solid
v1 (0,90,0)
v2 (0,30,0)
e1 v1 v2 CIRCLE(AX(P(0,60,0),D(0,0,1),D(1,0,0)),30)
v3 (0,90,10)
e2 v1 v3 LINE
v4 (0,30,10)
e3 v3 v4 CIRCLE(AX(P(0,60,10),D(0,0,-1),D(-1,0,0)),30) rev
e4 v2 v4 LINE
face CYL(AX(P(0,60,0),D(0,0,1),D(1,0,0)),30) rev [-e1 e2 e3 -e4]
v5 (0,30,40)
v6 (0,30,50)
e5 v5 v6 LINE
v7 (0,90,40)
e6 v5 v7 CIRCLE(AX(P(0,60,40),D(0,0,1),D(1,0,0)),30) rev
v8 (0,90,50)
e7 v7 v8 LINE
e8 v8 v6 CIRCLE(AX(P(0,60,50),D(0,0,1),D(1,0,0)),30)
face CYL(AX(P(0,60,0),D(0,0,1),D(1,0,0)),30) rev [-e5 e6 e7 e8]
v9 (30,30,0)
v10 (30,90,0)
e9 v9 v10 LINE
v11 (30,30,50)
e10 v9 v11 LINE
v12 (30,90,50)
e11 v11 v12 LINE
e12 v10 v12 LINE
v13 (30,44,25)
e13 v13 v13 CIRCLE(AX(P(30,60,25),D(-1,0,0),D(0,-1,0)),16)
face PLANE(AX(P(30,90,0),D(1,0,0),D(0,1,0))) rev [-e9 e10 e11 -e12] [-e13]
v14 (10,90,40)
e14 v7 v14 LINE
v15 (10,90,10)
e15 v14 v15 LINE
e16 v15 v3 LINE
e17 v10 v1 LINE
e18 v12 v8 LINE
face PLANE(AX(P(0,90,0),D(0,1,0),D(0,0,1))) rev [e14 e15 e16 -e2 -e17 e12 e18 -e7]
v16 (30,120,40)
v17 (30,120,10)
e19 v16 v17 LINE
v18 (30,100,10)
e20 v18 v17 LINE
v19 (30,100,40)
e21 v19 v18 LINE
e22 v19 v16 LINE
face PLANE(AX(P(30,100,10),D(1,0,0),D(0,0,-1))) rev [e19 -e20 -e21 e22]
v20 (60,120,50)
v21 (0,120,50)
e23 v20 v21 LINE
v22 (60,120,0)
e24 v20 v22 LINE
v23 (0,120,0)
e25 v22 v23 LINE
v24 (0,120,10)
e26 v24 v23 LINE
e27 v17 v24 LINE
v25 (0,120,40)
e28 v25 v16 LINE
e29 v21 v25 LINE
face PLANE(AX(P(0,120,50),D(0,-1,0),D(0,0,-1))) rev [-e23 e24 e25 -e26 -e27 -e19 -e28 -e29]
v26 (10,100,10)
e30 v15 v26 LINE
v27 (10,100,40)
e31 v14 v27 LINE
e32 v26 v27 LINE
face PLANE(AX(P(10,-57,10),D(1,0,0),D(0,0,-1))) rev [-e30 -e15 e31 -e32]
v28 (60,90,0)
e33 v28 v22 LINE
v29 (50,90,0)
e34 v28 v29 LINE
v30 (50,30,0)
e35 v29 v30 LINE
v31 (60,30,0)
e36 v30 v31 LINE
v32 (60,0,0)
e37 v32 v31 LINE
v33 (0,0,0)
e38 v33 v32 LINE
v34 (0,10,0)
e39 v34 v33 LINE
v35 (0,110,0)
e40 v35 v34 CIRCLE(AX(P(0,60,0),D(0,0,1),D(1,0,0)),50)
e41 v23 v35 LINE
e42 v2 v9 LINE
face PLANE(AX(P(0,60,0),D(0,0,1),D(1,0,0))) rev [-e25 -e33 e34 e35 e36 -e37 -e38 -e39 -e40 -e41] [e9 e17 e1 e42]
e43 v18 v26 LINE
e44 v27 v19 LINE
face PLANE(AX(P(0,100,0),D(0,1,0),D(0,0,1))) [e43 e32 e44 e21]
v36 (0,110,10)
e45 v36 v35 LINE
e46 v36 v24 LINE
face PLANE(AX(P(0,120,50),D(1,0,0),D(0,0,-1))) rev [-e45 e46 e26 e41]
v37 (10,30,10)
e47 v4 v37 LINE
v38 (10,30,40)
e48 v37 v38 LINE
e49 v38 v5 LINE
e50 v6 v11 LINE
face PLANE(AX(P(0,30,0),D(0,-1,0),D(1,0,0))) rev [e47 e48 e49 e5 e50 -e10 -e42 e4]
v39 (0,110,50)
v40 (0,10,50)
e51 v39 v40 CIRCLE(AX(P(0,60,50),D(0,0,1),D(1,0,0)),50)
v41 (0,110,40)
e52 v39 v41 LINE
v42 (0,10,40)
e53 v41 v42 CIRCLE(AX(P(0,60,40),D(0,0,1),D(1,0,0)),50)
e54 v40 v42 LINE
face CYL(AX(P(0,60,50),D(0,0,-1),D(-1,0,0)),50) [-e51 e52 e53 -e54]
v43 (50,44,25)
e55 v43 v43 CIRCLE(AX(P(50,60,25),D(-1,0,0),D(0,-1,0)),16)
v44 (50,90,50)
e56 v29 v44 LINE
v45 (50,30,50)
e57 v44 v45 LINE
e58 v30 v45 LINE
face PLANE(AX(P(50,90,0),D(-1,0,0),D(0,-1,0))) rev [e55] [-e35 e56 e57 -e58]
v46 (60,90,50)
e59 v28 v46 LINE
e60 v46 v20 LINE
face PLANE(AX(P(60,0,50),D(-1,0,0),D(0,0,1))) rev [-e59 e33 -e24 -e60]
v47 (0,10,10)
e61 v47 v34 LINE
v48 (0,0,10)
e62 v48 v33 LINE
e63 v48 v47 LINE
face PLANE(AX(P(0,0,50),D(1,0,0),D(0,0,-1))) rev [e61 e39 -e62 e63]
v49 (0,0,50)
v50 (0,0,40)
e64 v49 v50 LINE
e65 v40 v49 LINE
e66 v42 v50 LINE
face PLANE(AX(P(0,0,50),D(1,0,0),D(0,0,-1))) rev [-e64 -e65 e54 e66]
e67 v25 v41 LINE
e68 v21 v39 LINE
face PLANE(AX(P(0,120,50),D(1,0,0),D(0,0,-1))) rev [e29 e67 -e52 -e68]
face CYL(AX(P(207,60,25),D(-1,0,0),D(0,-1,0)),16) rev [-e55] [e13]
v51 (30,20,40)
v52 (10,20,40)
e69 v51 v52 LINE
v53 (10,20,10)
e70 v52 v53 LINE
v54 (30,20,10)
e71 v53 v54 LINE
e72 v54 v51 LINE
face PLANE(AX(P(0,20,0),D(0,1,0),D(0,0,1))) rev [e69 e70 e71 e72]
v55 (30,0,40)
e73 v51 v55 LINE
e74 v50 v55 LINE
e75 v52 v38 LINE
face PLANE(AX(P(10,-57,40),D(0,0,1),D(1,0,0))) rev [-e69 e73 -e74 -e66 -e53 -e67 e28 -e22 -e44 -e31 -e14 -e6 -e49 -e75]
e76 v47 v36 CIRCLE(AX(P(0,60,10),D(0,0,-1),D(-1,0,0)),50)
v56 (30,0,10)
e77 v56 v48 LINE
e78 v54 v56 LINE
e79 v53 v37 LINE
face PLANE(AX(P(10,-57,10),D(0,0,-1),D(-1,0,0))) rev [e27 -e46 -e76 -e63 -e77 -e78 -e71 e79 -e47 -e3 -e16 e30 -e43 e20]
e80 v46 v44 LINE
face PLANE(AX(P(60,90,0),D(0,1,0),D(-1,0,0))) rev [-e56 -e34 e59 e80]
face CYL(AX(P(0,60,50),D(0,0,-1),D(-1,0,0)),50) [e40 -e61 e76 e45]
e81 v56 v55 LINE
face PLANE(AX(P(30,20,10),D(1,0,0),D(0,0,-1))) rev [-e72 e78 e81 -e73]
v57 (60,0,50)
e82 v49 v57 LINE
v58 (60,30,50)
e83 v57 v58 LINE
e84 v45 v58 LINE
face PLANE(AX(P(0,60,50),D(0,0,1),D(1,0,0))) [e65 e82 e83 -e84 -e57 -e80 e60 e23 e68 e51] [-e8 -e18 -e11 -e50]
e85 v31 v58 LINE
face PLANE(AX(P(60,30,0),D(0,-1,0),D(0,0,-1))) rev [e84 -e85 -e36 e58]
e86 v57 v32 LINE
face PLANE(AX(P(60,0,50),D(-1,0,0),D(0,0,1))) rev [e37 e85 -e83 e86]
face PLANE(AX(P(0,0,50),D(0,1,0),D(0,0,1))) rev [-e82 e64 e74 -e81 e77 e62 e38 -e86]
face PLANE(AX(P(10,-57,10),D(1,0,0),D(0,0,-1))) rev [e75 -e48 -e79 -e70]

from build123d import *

# Parameters (mm, degrees)
BOSS_EXTRUDE1_DEPTH = 50
SKETCH2_W           = 10
SKETCH2_H           = 60
CUT_EXTRUDE1_DEPTH  = 50
CUT_EXTRUDE2_DEPTH  = 50
SKETCH4_W           = 60
SKETCH4_H           = 30
CUT_EXTRUDE3_DEPTH  = 177
SKETCH5_R           = 16
CUT_EXTRUDE5_DEPTH  = 177
SKETCH6_W           = 20
SKETCH6_H           = 30
CUT_EXTRUDE6_DEPTH  = 20
SKETCH7_W           = 20
SKETCH7_H           = 30
CUT_EXTRUDE7_DEPTH  = 20


with BuildPart() as part:
    # Sketch1 → Boss-Extrude1 (new body)
    with BuildSketch(Plane.XY):
        with BuildLine():
            Line((0, 120), (0, 110))
            ThreePointArc((0, 110), (-50, 60), (0, 10))
            Line((0, 10), (0, 0))
            Line((0, 0), (60, 0))
            Line((60, 0), (60, 120))
            Line((60, 120), (0, 120))
        make_face()
    extrude(amount=BOSS_EXTRUDE1_DEPTH)

    # Sketch2 → Cut-Extrude1 (cut)
    with BuildSketch(Plane.XY.offset(50)):
        with Locations((55, 60)):
            Rectangle(SKETCH2_W, SKETCH2_H)
    extrude(amount=-CUT_EXTRUDE1_DEPTH, mode=Mode.SUBTRACT)

    # Sketch3 → Cut-Extrude2 (cut)
    with BuildSketch(Plane.XY.offset(50)):
        with BuildLine():
            Line((30, 90), (30, 30))
            Line((30, 30), (0, 30))
            ThreePointArc((0, 30), (-30, 60), (0, 90))
            Line((0, 90), (30, 90))
        make_face()
    extrude(amount=-CUT_EXTRUDE2_DEPTH, mode=Mode.SUBTRACT)

    # Sketch4 → Cut-Extrude3 (cut)
    with BuildSketch(Plane(origin=(0, 120, 0), x_dir=(1, 0, 0), z_dir=(0, 1, 0))):
        with Locations((-20, -25)):
            Rectangle(SKETCH4_W, SKETCH4_H)
    extrude(amount=-CUT_EXTRUDE3_DEPTH, mode=Mode.SUBTRACT)

    # Sketch5 → Cut-Extrude5 (cut)
    with BuildSketch(Plane.ZY.offset(-30)):
        with Locations((25, 60)):
            Circle(SKETCH5_R)
    extrude(amount=-CUT_EXTRUDE5_DEPTH, mode=Mode.SUBTRACT)

    # Sketch6 → Cut-Extrude6 (cut)
    with BuildSketch(Plane(origin=(0, 120, 0), x_dir=(1, 0, 0), z_dir=(0, 1, 0))):
        with Locations((20, -25)):
            Rectangle(SKETCH6_W, SKETCH6_H)
    extrude(amount=-CUT_EXTRUDE6_DEPTH, mode=Mode.SUBTRACT)

    # Sketch7 → Cut-Extrude7 (cut)
    with BuildSketch(Plane.XZ):
        with Locations((20, 25)):
            Rectangle(SKETCH7_W, SKETCH7_H)
    extrude(amount=-CUT_EXTRUDE7_DEPTH, mode=Mode.SUBTRACT)


solid = part.part
